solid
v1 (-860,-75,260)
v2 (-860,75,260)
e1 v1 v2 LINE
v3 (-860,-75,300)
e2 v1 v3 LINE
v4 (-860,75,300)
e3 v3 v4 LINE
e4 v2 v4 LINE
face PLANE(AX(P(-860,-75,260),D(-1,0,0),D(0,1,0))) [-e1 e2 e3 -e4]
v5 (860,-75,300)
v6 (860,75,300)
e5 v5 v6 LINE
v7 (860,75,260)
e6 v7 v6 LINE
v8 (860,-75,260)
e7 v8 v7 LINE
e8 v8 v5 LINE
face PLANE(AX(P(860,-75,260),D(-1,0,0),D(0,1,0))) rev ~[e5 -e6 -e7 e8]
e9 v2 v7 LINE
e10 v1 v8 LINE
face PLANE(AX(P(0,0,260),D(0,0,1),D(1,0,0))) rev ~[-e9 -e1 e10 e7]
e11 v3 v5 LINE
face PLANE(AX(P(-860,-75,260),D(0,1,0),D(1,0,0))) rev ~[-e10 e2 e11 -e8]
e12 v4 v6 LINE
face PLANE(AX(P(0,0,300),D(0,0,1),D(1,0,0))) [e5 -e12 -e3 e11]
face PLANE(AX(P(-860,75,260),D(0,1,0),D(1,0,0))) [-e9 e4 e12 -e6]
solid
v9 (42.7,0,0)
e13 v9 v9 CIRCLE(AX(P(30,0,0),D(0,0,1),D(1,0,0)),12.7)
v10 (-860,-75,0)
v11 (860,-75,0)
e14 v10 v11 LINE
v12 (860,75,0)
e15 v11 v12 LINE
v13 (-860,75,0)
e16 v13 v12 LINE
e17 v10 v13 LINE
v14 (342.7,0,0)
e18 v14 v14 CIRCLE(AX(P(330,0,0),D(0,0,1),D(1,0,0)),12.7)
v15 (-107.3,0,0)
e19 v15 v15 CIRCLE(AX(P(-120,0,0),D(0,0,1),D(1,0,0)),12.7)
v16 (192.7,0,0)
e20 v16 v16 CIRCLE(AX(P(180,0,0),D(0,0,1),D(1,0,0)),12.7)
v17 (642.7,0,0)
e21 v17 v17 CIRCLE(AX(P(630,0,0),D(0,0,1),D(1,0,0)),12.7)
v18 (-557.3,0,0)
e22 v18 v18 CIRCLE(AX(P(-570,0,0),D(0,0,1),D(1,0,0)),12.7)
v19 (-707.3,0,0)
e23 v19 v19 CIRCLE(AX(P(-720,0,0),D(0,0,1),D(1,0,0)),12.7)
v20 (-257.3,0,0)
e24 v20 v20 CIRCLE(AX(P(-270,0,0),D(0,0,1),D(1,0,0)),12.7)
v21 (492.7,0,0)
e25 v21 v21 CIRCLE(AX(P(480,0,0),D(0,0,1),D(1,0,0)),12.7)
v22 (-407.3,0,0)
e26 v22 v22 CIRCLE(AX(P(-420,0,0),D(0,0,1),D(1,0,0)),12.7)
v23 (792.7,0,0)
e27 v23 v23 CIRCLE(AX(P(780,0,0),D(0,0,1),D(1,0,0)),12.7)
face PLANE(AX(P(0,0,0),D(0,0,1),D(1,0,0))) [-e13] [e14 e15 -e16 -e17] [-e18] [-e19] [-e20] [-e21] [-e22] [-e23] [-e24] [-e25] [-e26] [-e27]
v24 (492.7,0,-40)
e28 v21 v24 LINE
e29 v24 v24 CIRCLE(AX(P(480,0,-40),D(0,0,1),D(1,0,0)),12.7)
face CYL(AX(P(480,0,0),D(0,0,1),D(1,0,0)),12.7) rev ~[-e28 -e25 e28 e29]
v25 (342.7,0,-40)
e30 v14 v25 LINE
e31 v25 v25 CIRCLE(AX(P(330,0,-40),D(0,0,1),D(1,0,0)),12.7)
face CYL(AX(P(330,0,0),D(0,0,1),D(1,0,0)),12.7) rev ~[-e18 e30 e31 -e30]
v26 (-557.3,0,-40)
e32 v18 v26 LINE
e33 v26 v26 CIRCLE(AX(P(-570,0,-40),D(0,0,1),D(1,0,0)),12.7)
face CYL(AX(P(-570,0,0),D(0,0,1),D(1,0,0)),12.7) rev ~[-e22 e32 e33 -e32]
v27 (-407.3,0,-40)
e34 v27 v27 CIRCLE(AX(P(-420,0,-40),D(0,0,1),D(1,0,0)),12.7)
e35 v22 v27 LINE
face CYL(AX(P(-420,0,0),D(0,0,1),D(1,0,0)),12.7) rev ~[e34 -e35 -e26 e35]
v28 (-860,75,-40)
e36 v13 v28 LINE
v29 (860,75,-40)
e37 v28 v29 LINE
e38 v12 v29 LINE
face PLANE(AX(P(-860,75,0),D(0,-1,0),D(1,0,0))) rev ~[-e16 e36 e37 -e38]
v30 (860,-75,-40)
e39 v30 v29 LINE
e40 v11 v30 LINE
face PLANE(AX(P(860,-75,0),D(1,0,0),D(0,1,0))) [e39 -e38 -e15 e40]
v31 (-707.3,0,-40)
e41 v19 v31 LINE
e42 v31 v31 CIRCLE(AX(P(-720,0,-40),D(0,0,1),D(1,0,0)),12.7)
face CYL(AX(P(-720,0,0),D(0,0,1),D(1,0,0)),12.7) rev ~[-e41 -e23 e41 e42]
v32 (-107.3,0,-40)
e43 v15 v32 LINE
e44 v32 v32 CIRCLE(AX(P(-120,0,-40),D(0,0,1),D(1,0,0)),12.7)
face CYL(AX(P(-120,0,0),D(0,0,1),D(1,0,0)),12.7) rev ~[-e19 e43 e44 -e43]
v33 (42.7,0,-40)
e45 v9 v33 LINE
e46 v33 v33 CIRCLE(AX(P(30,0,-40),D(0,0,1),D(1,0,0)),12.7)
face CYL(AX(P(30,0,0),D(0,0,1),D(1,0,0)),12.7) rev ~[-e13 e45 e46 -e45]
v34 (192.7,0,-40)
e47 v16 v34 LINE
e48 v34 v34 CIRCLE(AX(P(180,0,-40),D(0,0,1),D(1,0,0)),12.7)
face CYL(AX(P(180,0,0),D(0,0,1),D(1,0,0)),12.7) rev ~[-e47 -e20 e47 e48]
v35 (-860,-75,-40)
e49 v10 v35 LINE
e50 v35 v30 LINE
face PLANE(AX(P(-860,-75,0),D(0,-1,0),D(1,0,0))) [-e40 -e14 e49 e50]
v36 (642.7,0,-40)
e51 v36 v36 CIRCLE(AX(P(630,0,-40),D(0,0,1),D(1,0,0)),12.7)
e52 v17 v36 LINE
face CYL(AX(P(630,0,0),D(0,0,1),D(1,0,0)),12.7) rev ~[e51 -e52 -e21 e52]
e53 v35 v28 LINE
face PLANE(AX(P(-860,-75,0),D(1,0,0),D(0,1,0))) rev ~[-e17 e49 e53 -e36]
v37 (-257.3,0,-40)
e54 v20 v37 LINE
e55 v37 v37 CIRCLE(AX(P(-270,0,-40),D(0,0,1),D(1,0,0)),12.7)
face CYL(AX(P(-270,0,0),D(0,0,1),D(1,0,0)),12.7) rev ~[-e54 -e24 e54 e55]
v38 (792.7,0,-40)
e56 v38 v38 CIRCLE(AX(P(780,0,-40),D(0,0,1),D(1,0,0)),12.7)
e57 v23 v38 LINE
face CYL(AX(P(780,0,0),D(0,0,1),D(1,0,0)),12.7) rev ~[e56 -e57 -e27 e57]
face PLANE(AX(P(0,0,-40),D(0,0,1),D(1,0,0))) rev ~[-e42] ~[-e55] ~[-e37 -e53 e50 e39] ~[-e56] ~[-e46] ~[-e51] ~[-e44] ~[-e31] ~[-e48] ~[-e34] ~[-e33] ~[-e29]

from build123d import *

# Parameters (mm, degrees)
F1_W     = 1720
F1_H     = 150
F1_R     = 12.7
F2_DEPTH = 40
F3_START = 260
F3_DEPTH = 40


with BuildPart() as f2:
    # F1 (on Top) → F2 (new body)
    with BuildSketch(Plane.XY):
        Rectangle(F1_W, F1_H)
        with Locations((-720, 0)):
            Circle(F1_R, mode=Mode.SUBTRACT)
        with Locations((-570, 0)):
            Circle(F1_R, mode=Mode.SUBTRACT)
        with Locations((-420, 0)):
            Circle(F1_R, mode=Mode.SUBTRACT)
        with Locations((-270, 0)):
            Circle(F1_R, mode=Mode.SUBTRACT)
        with Locations((-120, 0)):
            Circle(F1_R, mode=Mode.SUBTRACT)
        with Locations((30, 0)):
            Circle(F1_R, mode=Mode.SUBTRACT)
        with Locations((180, 0)):
            Circle(F1_R, mode=Mode.SUBTRACT)
        with Locations((330, 0)):
            Circle(F1_R, mode=Mode.SUBTRACT)
        with Locations((480, 0)):
            Circle(F1_R, mode=Mode.SUBTRACT)
        with Locations((630, 0)):
            Circle(F1_R, mode=Mode.SUBTRACT)
        with Locations((780, 0)):
            Circle(F1_R, mode=Mode.SUBTRACT)
    extrude(amount=-F2_DEPTH)


with BuildPart() as f3:
    # F1 (on Top) → F3 (new body)
    with BuildSketch(Plane.XY.offset(F3_START)):
        Rectangle(F1_W, F1_H)
        with Locations((-720, 0)):
            Circle(F1_R, mode=Mode.SUBTRACT)
        with Locations((-570, 0)):
            Circle(F1_R, mode=Mode.SUBTRACT)
        with Locations((-420, 0)):
            Circle(F1_R, mode=Mode.SUBTRACT)
        with Locations((-270, 0)):
            Circle(F1_R, mode=Mode.SUBTRACT)
        with Locations((-120, 0)):
            Circle(F1_R, mode=Mode.SUBTRACT)
        with Locations((30, 0)):
            Circle(F1_R, mode=Mode.SUBTRACT)
        with Locations((180, 0)):
            Circle(F1_R, mode=Mode.SUBTRACT)
        with Locations((330, 0)):
            Circle(F1_R, mode=Mode.SUBTRACT)
        with Locations((480, 0)):
            Circle(F1_R, mode=Mode.SUBTRACT)
        with Locations((630, 0)):
            Circle(F1_R, mode=Mode.SUBTRACT)
        with Locations((780, 0)):
            Circle(F1_R, mode=Mode.SUBTRACT)
        with Locations((-570, 0)):
            Circle(F1_R)
        with Locations((-420, 0)):
            Circle(F1_R)
        with Locations((-270, 0)):
            Circle(F1_R)
        with Locations((-120, 0)):
            Circle(F1_R)
        with Locations((30, 0)):
            Circle(F1_R)
        with Locations((180, 0)):
            Circle(F1_R)
        with Locations((-720, 0)):
            Circle(F1_R)
        with Locations((480, 0)):
            Circle(F1_R)
        with Locations((330, 0)):
            Circle(F1_R)
        with Locations((630, 0)):
            Circle(F1_R)
        with Locations((780, 0)):
            Circle(F1_R)
    extrude(amount=F3_DEPTH)


solid = Compound([f2.part, f3.part])
